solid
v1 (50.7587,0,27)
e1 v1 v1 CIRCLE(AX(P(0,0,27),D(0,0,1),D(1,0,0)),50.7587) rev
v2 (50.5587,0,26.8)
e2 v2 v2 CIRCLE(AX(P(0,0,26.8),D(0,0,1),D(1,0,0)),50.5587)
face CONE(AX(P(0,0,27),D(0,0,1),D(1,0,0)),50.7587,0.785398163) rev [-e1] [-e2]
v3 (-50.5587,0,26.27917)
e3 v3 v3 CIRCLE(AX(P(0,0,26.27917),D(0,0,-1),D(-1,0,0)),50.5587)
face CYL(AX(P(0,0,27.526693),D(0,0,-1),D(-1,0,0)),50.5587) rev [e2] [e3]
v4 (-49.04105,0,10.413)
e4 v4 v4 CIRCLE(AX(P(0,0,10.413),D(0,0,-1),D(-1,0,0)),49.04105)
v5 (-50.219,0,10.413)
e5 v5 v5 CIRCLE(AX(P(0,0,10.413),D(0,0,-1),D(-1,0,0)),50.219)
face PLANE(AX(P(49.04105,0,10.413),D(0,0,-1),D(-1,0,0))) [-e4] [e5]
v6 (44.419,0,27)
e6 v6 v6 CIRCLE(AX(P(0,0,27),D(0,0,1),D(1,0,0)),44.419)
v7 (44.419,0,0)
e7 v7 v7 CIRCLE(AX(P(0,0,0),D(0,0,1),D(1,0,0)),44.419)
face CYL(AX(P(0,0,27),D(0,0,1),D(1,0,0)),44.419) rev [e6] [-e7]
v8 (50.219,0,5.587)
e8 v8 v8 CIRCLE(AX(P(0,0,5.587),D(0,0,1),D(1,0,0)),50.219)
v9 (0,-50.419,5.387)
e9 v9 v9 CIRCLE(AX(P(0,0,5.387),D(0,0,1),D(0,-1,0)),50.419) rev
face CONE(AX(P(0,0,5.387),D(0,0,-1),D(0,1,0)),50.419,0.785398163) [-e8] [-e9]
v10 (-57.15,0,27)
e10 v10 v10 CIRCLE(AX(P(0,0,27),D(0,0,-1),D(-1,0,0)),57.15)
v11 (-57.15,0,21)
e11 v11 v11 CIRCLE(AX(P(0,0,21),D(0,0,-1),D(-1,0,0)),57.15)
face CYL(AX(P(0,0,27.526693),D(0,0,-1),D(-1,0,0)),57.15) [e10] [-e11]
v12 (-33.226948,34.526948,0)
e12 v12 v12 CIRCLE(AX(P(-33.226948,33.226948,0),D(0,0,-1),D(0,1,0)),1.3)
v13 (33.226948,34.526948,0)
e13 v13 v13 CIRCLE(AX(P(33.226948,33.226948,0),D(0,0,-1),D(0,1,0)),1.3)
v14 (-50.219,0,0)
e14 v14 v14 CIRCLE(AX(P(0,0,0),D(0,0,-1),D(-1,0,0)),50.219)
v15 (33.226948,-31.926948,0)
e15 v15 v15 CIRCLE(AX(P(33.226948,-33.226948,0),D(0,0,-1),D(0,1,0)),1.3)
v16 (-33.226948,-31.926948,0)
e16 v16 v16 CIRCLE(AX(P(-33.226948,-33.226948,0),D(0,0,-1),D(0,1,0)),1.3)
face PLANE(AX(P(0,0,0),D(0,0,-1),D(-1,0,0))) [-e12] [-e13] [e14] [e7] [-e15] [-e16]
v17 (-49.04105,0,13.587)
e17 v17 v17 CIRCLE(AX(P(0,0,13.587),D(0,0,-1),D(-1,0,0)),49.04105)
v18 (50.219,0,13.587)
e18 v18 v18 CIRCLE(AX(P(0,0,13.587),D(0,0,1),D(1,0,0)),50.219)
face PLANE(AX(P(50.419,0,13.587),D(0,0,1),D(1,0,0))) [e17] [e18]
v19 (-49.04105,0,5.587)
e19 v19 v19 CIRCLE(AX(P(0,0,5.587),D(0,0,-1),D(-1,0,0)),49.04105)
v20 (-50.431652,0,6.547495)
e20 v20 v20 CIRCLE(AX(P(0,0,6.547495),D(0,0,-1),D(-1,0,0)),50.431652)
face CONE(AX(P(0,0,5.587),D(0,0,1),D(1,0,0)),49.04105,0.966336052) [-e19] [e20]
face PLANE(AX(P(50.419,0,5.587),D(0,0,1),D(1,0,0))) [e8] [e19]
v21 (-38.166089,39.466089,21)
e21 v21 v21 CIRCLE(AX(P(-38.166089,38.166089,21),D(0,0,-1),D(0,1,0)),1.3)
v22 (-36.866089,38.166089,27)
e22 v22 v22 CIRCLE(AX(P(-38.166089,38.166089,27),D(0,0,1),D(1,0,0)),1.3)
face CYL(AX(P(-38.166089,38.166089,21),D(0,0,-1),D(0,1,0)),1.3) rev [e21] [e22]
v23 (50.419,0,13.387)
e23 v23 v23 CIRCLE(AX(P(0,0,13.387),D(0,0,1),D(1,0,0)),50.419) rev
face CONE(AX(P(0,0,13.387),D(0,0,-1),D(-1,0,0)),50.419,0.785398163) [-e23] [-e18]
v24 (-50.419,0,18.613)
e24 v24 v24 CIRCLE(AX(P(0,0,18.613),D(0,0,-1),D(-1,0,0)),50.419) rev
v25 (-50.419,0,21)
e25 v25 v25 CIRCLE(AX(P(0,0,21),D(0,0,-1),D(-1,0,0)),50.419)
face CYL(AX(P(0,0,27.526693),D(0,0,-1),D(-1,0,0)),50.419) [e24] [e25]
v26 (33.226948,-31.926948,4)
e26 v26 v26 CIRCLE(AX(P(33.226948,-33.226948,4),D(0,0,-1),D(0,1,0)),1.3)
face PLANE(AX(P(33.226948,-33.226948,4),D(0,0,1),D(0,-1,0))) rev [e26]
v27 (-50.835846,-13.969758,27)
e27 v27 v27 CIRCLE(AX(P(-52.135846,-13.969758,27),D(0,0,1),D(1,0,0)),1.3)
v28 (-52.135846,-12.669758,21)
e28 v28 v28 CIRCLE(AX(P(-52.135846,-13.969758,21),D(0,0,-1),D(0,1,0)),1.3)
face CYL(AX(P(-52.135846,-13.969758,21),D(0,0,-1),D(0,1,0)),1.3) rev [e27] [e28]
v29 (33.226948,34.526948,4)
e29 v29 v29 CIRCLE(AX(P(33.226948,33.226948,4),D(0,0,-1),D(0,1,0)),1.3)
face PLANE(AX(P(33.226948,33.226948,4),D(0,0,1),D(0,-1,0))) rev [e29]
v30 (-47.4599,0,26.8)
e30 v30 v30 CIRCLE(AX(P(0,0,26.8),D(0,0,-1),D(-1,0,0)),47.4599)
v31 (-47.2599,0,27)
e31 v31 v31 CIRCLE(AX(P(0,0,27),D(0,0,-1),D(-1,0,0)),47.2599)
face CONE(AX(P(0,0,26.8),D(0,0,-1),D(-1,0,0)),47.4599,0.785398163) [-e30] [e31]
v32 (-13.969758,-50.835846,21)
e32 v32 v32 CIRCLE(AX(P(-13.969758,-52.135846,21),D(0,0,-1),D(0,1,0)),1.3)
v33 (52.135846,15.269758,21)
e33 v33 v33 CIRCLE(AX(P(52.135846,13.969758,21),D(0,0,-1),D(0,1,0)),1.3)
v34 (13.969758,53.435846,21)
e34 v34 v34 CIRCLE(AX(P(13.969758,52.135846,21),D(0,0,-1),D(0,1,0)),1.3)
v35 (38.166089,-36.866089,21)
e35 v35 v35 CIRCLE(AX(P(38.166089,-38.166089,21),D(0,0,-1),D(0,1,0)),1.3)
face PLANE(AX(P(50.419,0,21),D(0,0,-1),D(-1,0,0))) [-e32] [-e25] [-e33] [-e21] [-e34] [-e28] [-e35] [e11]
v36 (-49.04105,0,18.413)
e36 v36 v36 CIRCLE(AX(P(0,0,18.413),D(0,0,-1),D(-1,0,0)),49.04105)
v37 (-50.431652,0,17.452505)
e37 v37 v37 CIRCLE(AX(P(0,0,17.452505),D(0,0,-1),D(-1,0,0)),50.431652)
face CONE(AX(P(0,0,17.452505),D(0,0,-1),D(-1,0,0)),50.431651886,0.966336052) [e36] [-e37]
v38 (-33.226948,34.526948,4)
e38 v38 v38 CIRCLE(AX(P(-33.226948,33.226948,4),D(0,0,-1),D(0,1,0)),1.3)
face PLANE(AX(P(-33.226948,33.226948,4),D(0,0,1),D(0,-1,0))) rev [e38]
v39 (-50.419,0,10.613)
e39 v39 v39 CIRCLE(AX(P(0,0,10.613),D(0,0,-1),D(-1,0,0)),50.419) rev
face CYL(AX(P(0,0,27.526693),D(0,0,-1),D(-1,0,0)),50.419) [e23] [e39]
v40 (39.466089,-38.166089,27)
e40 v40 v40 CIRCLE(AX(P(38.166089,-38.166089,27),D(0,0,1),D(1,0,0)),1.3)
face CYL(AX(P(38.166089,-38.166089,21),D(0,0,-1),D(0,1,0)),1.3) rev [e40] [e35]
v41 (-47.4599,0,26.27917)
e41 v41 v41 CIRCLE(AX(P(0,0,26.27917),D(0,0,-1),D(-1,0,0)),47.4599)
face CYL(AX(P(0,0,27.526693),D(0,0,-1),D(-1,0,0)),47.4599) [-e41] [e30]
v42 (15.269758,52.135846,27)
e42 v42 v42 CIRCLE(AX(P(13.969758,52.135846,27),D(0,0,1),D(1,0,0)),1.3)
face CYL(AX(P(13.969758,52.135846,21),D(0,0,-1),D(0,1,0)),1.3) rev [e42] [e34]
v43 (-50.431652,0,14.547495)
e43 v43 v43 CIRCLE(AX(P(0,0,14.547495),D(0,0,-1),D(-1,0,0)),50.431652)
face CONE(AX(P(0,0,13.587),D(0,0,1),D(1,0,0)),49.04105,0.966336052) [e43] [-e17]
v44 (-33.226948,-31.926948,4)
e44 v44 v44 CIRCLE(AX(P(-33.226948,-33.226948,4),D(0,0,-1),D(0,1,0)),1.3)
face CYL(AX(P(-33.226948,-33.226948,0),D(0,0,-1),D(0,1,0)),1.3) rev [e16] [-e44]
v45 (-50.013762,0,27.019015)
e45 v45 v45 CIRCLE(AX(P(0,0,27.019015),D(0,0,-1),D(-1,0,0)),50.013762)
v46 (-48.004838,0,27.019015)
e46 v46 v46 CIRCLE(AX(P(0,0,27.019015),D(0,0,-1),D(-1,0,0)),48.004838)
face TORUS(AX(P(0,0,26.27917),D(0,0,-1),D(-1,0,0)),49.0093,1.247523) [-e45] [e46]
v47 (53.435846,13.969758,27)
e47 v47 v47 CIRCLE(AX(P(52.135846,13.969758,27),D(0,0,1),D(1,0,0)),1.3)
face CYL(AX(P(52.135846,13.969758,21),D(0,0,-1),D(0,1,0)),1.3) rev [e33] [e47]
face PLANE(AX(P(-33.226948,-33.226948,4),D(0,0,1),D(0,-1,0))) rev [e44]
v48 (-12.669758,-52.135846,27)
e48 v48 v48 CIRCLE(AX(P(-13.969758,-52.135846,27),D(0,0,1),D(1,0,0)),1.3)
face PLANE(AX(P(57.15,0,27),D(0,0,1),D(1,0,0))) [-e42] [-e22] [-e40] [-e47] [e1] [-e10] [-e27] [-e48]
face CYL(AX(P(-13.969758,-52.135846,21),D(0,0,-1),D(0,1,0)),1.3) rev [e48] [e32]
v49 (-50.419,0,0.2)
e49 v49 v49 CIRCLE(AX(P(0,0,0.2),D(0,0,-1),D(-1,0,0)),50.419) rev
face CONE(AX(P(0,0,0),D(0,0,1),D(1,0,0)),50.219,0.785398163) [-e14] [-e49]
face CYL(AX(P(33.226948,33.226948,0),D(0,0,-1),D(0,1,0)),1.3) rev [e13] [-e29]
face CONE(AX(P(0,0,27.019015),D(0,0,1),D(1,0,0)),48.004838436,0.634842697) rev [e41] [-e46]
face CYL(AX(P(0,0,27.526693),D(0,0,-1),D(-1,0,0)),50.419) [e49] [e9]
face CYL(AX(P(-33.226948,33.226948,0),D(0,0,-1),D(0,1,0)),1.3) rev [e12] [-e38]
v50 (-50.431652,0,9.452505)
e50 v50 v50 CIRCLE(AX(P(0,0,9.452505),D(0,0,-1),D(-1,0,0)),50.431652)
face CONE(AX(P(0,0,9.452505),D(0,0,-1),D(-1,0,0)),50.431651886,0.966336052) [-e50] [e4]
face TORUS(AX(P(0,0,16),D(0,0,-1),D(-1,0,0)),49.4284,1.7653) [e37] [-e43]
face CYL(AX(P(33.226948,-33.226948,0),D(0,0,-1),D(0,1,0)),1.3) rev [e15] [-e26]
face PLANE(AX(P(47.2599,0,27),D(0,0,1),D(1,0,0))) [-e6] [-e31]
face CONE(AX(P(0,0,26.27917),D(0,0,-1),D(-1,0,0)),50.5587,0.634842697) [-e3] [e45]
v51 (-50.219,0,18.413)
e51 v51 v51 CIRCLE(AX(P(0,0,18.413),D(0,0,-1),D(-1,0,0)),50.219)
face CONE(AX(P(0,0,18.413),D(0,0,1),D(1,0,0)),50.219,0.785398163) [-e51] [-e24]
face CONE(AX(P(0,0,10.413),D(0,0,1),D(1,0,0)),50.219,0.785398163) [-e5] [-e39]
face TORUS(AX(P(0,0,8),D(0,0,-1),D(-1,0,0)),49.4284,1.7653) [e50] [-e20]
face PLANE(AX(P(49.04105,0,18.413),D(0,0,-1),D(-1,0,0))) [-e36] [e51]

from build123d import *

# Parameters (mm, degrees)
HOLE_WIZARD_2_6_2_6_1_D     = 2.6
HOLE_WIZARD_2_6_2_6_1_DEPTH = 4
HOLE_WIZARD_2_6_2_6_2_D     = 2.6
HOLE_WIZARD_2_6_2_6_2_DEPTH = 6.526692879
HOLE_WIZARD_M80_1_D         = 88.838
HOLE_WIZARD_M80_1_DEPTH     = 27
CHAMFER_1_SIZE              = 0.2


with BuildPart() as part:
    # 草图1 → 旋转1 (revolve)
    with BuildSketch(Plane.XZ):
        with BuildLine():
            Line((47.2599, 27), (0, 27))
            Line((0, 27), (0, 0))
            Line((0, 0), (50.419, 0))
            Line((50.419, 0), (50.419, 5.587))
            Line((50.419, 5.587), (49.04105, 5.587))
            Line((49.04105, 5.587), (50.431651886, 6.547495355))
            ThreePointArc((50.431651886, 6.547495355), (51.1937, 8), (50.431651886, 9.452504645))
            Line((50.431651886, 9.452504645), (49.04105, 10.413))
            Line((49.04105, 10.413), (50.419, 10.413))
            Line((50.419, 10.413), (50.419, 13.587))
            Line((50.419, 13.587), (49.04105, 13.587))
            Line((49.04105, 13.587), (50.431651886, 14.547495355))
            ThreePointArc((50.431651886, 14.547495355), (51.1937, 16), (50.431651886, 17.452504645))
            Line((50.431651886, 17.452504645), (49.04105, 18.413))
            Line((49.04105, 18.413), (50.419, 18.413))
            Line((50.419, 18.413), (50.419, 21))
            Line((50.419, 21), (57.15, 21))
            Line((57.15, 21), (57.15, 27))
            Line((57.15, 27), (50.5587, 27))
            Line((50.5587, 27), (50.5587, 26.279170235))
            Line((50.5587, 26.279170235), (50.013761564, 27.01901462))
            ThreePointArc((50.013761564, 27.01901462), (49.0093, 27.526692879), (48.004838436, 27.01901462))
            Line((48.004838436, 27.01901462), (47.4599, 26.279170235))
            Line((47.4599, 26.279170235), (47.4599, 26.8))
            Line((47.4599, 26.8), (47.2599, 27))
        make_face()
    revolve(axis=Axis((0, 0, 27.526692879), (0, 0, -1)))

    # Ø2.6 (2.6) 直径孔1
    with Locations(Plane(origin=(0, 0, 0), x_dir=(-1, 0, 0), z_dir=(0, 0, -1))):
        with Locations((-33.226947648, 33.226947648), (33.226947648, 33.226947648), (33.226947648, -33.226947648), (-33.226947648, -33.226947648)):
            Hole(HOLE_WIZARD_2_6_2_6_1_D / 2, depth=HOLE_WIZARD_2_6_2_6_1_DEPTH)

    # Ø2.6 (2.6) 直径孔2
    with Locations(Plane(origin=(0, 0, 21), x_dir=(-1, 0, 0), z_dir=(0, 0, -1))):
        with Locations((38.166088515, 38.166088515), (-13.969757959, 52.135846474), (-52.135846474, 13.969757959), (-38.166088515, -38.166088515), (13.969757959, -52.135846474), (52.135846474, -13.969757959)):
            Hole(HOLE_WIZARD_2_6_2_6_2_D / 2, depth=HOLE_WIZARD_2_6_2_6_2_DEPTH)

    # M80 间隙孔1
    with Locations(Plane.XY.offset(27)):
        with Locations((0, 0)):
            Hole(HOLE_WIZARD_M80_1_D / 2, depth=HOLE_WIZARD_M80_1_DEPTH)

    # 倒角1
    chamfer_1_edges = [part.edges().sort_by_distance(p)[0] for p in [
        (-50.419, 0, 0),
        (-50.419, 0, 5.587),
        (-50.419, 0, 10.413),
        (-50.419, 0, 13.587),
        (-50.419, 0, 18.413),
        (-50.5587, 0, 27),
    ]]
    chamfer(chamfer_1_edges, length=CHAMFER_1_SIZE)


solid = part.part
